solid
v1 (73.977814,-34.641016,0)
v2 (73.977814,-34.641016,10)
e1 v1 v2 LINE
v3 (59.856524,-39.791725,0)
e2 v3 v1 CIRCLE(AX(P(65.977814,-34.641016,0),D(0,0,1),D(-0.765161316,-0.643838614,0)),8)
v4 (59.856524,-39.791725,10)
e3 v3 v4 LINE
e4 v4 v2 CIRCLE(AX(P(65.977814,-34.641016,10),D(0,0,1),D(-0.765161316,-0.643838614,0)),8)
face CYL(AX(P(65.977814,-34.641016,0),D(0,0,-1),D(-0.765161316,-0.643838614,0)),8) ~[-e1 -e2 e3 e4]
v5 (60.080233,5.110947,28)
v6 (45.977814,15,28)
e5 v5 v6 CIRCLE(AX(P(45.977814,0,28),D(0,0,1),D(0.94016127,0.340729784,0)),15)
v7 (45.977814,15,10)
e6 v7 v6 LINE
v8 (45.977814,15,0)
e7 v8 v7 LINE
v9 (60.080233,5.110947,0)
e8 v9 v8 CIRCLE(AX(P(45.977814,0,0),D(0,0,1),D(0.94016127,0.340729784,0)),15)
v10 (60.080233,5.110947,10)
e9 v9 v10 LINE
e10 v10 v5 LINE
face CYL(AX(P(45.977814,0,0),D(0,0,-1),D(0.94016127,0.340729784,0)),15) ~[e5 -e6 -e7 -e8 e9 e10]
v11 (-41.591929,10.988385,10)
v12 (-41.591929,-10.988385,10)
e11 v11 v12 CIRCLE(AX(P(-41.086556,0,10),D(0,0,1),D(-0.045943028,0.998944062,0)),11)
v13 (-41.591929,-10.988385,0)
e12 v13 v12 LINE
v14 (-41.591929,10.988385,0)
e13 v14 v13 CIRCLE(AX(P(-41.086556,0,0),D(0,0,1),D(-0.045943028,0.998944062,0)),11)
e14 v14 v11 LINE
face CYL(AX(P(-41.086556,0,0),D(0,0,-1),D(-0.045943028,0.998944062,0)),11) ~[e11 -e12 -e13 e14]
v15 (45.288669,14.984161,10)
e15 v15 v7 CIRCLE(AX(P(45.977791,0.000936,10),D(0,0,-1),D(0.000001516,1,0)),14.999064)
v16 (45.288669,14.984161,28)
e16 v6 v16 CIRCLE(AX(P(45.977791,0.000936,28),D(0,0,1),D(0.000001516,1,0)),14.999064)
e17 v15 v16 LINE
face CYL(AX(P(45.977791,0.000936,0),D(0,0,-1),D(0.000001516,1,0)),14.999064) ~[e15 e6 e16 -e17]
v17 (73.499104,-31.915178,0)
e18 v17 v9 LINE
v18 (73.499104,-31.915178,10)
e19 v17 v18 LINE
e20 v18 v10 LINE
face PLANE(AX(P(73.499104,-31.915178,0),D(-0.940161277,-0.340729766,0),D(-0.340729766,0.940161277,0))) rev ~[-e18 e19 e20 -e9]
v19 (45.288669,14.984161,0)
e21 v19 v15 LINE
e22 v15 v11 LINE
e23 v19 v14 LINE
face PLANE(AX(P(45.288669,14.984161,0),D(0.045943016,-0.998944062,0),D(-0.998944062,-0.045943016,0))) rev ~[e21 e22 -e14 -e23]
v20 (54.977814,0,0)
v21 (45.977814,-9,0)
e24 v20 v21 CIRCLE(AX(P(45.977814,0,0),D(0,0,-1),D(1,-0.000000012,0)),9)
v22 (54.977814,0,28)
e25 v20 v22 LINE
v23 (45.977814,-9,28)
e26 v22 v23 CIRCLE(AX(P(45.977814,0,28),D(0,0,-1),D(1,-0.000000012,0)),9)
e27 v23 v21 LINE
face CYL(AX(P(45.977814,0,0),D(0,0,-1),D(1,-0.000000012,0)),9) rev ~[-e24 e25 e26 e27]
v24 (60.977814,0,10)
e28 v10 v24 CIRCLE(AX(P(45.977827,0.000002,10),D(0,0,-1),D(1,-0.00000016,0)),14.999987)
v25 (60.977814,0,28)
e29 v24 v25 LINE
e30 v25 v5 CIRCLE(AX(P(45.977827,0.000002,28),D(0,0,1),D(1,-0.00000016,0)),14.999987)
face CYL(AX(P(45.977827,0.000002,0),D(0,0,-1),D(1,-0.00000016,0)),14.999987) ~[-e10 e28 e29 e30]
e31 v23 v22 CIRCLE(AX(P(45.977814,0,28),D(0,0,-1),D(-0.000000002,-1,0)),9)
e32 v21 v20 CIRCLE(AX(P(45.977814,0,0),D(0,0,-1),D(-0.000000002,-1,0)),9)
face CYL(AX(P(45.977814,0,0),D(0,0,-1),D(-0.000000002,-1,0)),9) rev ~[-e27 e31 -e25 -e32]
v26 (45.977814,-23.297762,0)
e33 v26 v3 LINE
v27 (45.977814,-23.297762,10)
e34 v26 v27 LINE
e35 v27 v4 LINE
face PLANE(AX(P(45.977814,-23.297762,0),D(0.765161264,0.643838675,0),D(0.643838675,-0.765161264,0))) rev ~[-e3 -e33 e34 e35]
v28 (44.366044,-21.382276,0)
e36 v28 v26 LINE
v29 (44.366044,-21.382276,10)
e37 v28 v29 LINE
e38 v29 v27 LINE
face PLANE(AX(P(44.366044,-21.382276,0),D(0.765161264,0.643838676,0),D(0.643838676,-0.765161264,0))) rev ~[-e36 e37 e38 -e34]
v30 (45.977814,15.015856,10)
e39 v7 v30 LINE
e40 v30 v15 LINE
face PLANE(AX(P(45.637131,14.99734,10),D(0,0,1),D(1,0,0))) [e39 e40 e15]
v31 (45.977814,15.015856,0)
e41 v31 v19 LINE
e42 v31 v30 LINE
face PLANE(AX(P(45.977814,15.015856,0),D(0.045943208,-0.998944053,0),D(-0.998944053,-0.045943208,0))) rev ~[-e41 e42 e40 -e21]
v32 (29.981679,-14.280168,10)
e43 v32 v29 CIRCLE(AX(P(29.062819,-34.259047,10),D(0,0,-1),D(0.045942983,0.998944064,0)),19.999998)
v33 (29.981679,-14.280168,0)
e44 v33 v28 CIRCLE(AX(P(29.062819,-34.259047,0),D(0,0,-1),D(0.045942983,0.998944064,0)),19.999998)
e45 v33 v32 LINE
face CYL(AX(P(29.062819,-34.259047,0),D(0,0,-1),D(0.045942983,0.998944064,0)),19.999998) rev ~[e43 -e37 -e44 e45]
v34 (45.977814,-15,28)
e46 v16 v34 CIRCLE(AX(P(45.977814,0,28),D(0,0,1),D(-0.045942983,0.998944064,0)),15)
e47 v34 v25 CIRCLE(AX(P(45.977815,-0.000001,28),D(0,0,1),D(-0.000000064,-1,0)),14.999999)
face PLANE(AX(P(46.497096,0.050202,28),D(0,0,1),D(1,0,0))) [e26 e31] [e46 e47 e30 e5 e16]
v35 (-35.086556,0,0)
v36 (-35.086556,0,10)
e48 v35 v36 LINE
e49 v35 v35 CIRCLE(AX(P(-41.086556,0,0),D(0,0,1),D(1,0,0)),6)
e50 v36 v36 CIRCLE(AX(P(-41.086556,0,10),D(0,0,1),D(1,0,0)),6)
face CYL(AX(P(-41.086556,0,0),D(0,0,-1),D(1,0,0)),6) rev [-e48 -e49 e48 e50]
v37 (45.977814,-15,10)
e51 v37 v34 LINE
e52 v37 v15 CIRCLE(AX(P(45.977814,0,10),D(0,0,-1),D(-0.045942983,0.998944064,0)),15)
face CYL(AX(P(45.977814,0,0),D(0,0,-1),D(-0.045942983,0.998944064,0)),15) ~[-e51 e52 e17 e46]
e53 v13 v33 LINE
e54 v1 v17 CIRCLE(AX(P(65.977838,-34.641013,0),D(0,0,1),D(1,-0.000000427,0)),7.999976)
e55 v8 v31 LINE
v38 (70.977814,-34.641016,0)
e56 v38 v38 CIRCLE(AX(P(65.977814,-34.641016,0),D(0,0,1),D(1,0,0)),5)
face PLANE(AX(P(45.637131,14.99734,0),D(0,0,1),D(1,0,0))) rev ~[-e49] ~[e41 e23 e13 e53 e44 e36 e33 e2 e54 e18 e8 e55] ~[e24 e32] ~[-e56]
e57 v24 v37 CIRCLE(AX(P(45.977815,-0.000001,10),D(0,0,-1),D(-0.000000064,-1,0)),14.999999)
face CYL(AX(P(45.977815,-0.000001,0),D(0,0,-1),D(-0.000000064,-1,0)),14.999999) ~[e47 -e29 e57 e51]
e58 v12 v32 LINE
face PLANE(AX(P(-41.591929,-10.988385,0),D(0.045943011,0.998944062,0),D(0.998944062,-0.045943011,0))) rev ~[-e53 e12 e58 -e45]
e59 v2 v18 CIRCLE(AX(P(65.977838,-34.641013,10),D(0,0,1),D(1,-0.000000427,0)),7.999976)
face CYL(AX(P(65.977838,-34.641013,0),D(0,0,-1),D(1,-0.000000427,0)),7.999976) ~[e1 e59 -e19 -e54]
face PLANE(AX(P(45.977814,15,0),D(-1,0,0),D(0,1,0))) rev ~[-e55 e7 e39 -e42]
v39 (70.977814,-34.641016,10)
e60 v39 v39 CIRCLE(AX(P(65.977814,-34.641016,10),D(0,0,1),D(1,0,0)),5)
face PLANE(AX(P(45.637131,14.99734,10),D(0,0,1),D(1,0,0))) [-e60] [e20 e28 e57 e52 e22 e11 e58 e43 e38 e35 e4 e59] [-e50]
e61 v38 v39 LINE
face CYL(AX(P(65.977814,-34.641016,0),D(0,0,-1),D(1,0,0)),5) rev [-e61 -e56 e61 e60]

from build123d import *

# Parameters (mm, degrees)
F0_R     = 6
F0_R_2   = 5
F1_DEPTH = 10
F2_DEPTH = 28


with BuildPart() as f1:
    # F0 (on Top) → F1 (new body)
    with BuildSketch(Plane.XY):
        with BuildLine():
            Line((45.977814, 15.015856), (45.288669, 14.984161))
            ThreePointArc((45.288669, 14.984161), (45.633151, 14.99604), (45.977814, 15))
            Line((45.977814, 15), (45.977814, 15.015856))
        make_face()
        with BuildLine():
            ThreePointArc((-41.591929, 10.988385), (-52.086556, 0), (-41.591929, -10.988385))
            ThreePointArc((-41.591929, -10.988385), (-33.489159, -7.954845), (-30.086556, 0))
            ThreePointArc((-30.086556, 0), (-33.489158, 7.954844), (-41.591929, 10.988385))
        make_face()
        with Locations((-41.086556, 0)):
            Circle(F0_R, mode=Mode.SUBTRACT)
        with BuildLine():
            ThreePointArc((73.499104, -31.915178), (61.977814, -27.712813), (59.856524, -39.791725))
            ThreePointArc((59.856524, -39.791725), (68.719135, -42.156677), (73.977814, -34.641016))
            ThreePointArc((73.977814, -34.641016), (73.857228, -33.257239), (73.499104, -31.915178))
        make_face()
        with Locations((65.977814, -34.641016)):
            Circle(F0_R_2, mode=Mode.SUBTRACT)
        with BuildLine():
            ThreePointArc((-30.086556, 0), (-33.489159, -7.954845), (-41.591929, -10.988385))
            Line((-41.591929, -10.988385), (29.981679, -14.280168))
            ThreePointArc((29.981679, -14.280168), (37.91714, -16.325812), (44.366044, -21.382276))
            Line((44.366044, -21.382276), (45.977814, -23.297762))
            Line((45.977814, -23.297762), (45.977814, -15))
            ThreePointArc((45.977814, -15), (30.981774, -0.344663), (45.288669, 14.984161))
            Line((45.288669, 14.984161), (-41.591929, 10.988385))
            ThreePointArc((-41.591929, 10.988385), (-33.489158, 7.954844), (-30.086556, 0))
        make_face()
        with BuildLine():
            ThreePointArc((60.977814, 0), (56.584416, -10.606602), (45.977814, -15))
            Line((45.977814, -15), (45.977814, -23.297762))
            Line((45.977814, -23.297762), (59.856524, -39.791725))
            ThreePointArc((59.856524, -39.791725), (61.977814, -27.712813), (73.499104, -31.915178))
            Line((73.499104, -31.915178), (60.080233, 5.110947))
            ThreePointArc((60.080233, 5.110947), (60.751715, 2.594582), (60.977814, 0))
        make_face()
        with BuildLine():
            ThreePointArc((45.977814, 15), (45.633151, 14.99604), (45.288669, 14.984161))
            ThreePointArc((45.288669, 14.984161), (30.981774, -0.344663), (45.977814, -15))
            ThreePointArc((45.977814, -15), (56.584416, -10.606602), (60.977814, 0))
            ThreePointArc((60.977814, 0), (60.751715, 2.594582), (60.080233, 5.110947))
            ThreePointArc((60.080233, 5.110947), (54.589893, 12.281372), (45.977814, 15))
        make_face()
        with BuildLine():
            ThreePointArc((54.977814, 0), (52.341775, -6.363961), (45.977814, -9))
            ThreePointArc((45.977814, -9), (39.613853, 6.363961), (54.977814, 0))
        make_face(mode=Mode.SUBTRACT)
    extrude(amount=F1_DEPTH)

    # F0 (on Top) → F2 (join)
    with BuildSketch(Plane.XY):
        with BuildLine():
            ThreePointArc((45.977814, 15), (45.633151, 14.99604), (45.288669, 14.984161))
            ThreePointArc((45.288669, 14.984161), (30.981774, -0.344663), (45.977814, -15))
            ThreePointArc((45.977814, -15), (56.584416, -10.606602), (60.977814, 0))
            ThreePointArc((60.977814, 0), (60.751715, 2.594582), (60.080233, 5.110947))
            ThreePointArc((60.080233, 5.110947), (54.589893, 12.281372), (45.977814, 15))
        make_face()
        with BuildLine():
            ThreePointArc((54.977814, 0), (52.341775, -6.363961), (45.977814, -9))
            ThreePointArc((45.977814, -9), (39.613853, 6.363961), (54.977814, 0))
        make_face(mode=Mode.SUBTRACT)
    extrude(amount=F2_DEPTH)


solid = f1.part
